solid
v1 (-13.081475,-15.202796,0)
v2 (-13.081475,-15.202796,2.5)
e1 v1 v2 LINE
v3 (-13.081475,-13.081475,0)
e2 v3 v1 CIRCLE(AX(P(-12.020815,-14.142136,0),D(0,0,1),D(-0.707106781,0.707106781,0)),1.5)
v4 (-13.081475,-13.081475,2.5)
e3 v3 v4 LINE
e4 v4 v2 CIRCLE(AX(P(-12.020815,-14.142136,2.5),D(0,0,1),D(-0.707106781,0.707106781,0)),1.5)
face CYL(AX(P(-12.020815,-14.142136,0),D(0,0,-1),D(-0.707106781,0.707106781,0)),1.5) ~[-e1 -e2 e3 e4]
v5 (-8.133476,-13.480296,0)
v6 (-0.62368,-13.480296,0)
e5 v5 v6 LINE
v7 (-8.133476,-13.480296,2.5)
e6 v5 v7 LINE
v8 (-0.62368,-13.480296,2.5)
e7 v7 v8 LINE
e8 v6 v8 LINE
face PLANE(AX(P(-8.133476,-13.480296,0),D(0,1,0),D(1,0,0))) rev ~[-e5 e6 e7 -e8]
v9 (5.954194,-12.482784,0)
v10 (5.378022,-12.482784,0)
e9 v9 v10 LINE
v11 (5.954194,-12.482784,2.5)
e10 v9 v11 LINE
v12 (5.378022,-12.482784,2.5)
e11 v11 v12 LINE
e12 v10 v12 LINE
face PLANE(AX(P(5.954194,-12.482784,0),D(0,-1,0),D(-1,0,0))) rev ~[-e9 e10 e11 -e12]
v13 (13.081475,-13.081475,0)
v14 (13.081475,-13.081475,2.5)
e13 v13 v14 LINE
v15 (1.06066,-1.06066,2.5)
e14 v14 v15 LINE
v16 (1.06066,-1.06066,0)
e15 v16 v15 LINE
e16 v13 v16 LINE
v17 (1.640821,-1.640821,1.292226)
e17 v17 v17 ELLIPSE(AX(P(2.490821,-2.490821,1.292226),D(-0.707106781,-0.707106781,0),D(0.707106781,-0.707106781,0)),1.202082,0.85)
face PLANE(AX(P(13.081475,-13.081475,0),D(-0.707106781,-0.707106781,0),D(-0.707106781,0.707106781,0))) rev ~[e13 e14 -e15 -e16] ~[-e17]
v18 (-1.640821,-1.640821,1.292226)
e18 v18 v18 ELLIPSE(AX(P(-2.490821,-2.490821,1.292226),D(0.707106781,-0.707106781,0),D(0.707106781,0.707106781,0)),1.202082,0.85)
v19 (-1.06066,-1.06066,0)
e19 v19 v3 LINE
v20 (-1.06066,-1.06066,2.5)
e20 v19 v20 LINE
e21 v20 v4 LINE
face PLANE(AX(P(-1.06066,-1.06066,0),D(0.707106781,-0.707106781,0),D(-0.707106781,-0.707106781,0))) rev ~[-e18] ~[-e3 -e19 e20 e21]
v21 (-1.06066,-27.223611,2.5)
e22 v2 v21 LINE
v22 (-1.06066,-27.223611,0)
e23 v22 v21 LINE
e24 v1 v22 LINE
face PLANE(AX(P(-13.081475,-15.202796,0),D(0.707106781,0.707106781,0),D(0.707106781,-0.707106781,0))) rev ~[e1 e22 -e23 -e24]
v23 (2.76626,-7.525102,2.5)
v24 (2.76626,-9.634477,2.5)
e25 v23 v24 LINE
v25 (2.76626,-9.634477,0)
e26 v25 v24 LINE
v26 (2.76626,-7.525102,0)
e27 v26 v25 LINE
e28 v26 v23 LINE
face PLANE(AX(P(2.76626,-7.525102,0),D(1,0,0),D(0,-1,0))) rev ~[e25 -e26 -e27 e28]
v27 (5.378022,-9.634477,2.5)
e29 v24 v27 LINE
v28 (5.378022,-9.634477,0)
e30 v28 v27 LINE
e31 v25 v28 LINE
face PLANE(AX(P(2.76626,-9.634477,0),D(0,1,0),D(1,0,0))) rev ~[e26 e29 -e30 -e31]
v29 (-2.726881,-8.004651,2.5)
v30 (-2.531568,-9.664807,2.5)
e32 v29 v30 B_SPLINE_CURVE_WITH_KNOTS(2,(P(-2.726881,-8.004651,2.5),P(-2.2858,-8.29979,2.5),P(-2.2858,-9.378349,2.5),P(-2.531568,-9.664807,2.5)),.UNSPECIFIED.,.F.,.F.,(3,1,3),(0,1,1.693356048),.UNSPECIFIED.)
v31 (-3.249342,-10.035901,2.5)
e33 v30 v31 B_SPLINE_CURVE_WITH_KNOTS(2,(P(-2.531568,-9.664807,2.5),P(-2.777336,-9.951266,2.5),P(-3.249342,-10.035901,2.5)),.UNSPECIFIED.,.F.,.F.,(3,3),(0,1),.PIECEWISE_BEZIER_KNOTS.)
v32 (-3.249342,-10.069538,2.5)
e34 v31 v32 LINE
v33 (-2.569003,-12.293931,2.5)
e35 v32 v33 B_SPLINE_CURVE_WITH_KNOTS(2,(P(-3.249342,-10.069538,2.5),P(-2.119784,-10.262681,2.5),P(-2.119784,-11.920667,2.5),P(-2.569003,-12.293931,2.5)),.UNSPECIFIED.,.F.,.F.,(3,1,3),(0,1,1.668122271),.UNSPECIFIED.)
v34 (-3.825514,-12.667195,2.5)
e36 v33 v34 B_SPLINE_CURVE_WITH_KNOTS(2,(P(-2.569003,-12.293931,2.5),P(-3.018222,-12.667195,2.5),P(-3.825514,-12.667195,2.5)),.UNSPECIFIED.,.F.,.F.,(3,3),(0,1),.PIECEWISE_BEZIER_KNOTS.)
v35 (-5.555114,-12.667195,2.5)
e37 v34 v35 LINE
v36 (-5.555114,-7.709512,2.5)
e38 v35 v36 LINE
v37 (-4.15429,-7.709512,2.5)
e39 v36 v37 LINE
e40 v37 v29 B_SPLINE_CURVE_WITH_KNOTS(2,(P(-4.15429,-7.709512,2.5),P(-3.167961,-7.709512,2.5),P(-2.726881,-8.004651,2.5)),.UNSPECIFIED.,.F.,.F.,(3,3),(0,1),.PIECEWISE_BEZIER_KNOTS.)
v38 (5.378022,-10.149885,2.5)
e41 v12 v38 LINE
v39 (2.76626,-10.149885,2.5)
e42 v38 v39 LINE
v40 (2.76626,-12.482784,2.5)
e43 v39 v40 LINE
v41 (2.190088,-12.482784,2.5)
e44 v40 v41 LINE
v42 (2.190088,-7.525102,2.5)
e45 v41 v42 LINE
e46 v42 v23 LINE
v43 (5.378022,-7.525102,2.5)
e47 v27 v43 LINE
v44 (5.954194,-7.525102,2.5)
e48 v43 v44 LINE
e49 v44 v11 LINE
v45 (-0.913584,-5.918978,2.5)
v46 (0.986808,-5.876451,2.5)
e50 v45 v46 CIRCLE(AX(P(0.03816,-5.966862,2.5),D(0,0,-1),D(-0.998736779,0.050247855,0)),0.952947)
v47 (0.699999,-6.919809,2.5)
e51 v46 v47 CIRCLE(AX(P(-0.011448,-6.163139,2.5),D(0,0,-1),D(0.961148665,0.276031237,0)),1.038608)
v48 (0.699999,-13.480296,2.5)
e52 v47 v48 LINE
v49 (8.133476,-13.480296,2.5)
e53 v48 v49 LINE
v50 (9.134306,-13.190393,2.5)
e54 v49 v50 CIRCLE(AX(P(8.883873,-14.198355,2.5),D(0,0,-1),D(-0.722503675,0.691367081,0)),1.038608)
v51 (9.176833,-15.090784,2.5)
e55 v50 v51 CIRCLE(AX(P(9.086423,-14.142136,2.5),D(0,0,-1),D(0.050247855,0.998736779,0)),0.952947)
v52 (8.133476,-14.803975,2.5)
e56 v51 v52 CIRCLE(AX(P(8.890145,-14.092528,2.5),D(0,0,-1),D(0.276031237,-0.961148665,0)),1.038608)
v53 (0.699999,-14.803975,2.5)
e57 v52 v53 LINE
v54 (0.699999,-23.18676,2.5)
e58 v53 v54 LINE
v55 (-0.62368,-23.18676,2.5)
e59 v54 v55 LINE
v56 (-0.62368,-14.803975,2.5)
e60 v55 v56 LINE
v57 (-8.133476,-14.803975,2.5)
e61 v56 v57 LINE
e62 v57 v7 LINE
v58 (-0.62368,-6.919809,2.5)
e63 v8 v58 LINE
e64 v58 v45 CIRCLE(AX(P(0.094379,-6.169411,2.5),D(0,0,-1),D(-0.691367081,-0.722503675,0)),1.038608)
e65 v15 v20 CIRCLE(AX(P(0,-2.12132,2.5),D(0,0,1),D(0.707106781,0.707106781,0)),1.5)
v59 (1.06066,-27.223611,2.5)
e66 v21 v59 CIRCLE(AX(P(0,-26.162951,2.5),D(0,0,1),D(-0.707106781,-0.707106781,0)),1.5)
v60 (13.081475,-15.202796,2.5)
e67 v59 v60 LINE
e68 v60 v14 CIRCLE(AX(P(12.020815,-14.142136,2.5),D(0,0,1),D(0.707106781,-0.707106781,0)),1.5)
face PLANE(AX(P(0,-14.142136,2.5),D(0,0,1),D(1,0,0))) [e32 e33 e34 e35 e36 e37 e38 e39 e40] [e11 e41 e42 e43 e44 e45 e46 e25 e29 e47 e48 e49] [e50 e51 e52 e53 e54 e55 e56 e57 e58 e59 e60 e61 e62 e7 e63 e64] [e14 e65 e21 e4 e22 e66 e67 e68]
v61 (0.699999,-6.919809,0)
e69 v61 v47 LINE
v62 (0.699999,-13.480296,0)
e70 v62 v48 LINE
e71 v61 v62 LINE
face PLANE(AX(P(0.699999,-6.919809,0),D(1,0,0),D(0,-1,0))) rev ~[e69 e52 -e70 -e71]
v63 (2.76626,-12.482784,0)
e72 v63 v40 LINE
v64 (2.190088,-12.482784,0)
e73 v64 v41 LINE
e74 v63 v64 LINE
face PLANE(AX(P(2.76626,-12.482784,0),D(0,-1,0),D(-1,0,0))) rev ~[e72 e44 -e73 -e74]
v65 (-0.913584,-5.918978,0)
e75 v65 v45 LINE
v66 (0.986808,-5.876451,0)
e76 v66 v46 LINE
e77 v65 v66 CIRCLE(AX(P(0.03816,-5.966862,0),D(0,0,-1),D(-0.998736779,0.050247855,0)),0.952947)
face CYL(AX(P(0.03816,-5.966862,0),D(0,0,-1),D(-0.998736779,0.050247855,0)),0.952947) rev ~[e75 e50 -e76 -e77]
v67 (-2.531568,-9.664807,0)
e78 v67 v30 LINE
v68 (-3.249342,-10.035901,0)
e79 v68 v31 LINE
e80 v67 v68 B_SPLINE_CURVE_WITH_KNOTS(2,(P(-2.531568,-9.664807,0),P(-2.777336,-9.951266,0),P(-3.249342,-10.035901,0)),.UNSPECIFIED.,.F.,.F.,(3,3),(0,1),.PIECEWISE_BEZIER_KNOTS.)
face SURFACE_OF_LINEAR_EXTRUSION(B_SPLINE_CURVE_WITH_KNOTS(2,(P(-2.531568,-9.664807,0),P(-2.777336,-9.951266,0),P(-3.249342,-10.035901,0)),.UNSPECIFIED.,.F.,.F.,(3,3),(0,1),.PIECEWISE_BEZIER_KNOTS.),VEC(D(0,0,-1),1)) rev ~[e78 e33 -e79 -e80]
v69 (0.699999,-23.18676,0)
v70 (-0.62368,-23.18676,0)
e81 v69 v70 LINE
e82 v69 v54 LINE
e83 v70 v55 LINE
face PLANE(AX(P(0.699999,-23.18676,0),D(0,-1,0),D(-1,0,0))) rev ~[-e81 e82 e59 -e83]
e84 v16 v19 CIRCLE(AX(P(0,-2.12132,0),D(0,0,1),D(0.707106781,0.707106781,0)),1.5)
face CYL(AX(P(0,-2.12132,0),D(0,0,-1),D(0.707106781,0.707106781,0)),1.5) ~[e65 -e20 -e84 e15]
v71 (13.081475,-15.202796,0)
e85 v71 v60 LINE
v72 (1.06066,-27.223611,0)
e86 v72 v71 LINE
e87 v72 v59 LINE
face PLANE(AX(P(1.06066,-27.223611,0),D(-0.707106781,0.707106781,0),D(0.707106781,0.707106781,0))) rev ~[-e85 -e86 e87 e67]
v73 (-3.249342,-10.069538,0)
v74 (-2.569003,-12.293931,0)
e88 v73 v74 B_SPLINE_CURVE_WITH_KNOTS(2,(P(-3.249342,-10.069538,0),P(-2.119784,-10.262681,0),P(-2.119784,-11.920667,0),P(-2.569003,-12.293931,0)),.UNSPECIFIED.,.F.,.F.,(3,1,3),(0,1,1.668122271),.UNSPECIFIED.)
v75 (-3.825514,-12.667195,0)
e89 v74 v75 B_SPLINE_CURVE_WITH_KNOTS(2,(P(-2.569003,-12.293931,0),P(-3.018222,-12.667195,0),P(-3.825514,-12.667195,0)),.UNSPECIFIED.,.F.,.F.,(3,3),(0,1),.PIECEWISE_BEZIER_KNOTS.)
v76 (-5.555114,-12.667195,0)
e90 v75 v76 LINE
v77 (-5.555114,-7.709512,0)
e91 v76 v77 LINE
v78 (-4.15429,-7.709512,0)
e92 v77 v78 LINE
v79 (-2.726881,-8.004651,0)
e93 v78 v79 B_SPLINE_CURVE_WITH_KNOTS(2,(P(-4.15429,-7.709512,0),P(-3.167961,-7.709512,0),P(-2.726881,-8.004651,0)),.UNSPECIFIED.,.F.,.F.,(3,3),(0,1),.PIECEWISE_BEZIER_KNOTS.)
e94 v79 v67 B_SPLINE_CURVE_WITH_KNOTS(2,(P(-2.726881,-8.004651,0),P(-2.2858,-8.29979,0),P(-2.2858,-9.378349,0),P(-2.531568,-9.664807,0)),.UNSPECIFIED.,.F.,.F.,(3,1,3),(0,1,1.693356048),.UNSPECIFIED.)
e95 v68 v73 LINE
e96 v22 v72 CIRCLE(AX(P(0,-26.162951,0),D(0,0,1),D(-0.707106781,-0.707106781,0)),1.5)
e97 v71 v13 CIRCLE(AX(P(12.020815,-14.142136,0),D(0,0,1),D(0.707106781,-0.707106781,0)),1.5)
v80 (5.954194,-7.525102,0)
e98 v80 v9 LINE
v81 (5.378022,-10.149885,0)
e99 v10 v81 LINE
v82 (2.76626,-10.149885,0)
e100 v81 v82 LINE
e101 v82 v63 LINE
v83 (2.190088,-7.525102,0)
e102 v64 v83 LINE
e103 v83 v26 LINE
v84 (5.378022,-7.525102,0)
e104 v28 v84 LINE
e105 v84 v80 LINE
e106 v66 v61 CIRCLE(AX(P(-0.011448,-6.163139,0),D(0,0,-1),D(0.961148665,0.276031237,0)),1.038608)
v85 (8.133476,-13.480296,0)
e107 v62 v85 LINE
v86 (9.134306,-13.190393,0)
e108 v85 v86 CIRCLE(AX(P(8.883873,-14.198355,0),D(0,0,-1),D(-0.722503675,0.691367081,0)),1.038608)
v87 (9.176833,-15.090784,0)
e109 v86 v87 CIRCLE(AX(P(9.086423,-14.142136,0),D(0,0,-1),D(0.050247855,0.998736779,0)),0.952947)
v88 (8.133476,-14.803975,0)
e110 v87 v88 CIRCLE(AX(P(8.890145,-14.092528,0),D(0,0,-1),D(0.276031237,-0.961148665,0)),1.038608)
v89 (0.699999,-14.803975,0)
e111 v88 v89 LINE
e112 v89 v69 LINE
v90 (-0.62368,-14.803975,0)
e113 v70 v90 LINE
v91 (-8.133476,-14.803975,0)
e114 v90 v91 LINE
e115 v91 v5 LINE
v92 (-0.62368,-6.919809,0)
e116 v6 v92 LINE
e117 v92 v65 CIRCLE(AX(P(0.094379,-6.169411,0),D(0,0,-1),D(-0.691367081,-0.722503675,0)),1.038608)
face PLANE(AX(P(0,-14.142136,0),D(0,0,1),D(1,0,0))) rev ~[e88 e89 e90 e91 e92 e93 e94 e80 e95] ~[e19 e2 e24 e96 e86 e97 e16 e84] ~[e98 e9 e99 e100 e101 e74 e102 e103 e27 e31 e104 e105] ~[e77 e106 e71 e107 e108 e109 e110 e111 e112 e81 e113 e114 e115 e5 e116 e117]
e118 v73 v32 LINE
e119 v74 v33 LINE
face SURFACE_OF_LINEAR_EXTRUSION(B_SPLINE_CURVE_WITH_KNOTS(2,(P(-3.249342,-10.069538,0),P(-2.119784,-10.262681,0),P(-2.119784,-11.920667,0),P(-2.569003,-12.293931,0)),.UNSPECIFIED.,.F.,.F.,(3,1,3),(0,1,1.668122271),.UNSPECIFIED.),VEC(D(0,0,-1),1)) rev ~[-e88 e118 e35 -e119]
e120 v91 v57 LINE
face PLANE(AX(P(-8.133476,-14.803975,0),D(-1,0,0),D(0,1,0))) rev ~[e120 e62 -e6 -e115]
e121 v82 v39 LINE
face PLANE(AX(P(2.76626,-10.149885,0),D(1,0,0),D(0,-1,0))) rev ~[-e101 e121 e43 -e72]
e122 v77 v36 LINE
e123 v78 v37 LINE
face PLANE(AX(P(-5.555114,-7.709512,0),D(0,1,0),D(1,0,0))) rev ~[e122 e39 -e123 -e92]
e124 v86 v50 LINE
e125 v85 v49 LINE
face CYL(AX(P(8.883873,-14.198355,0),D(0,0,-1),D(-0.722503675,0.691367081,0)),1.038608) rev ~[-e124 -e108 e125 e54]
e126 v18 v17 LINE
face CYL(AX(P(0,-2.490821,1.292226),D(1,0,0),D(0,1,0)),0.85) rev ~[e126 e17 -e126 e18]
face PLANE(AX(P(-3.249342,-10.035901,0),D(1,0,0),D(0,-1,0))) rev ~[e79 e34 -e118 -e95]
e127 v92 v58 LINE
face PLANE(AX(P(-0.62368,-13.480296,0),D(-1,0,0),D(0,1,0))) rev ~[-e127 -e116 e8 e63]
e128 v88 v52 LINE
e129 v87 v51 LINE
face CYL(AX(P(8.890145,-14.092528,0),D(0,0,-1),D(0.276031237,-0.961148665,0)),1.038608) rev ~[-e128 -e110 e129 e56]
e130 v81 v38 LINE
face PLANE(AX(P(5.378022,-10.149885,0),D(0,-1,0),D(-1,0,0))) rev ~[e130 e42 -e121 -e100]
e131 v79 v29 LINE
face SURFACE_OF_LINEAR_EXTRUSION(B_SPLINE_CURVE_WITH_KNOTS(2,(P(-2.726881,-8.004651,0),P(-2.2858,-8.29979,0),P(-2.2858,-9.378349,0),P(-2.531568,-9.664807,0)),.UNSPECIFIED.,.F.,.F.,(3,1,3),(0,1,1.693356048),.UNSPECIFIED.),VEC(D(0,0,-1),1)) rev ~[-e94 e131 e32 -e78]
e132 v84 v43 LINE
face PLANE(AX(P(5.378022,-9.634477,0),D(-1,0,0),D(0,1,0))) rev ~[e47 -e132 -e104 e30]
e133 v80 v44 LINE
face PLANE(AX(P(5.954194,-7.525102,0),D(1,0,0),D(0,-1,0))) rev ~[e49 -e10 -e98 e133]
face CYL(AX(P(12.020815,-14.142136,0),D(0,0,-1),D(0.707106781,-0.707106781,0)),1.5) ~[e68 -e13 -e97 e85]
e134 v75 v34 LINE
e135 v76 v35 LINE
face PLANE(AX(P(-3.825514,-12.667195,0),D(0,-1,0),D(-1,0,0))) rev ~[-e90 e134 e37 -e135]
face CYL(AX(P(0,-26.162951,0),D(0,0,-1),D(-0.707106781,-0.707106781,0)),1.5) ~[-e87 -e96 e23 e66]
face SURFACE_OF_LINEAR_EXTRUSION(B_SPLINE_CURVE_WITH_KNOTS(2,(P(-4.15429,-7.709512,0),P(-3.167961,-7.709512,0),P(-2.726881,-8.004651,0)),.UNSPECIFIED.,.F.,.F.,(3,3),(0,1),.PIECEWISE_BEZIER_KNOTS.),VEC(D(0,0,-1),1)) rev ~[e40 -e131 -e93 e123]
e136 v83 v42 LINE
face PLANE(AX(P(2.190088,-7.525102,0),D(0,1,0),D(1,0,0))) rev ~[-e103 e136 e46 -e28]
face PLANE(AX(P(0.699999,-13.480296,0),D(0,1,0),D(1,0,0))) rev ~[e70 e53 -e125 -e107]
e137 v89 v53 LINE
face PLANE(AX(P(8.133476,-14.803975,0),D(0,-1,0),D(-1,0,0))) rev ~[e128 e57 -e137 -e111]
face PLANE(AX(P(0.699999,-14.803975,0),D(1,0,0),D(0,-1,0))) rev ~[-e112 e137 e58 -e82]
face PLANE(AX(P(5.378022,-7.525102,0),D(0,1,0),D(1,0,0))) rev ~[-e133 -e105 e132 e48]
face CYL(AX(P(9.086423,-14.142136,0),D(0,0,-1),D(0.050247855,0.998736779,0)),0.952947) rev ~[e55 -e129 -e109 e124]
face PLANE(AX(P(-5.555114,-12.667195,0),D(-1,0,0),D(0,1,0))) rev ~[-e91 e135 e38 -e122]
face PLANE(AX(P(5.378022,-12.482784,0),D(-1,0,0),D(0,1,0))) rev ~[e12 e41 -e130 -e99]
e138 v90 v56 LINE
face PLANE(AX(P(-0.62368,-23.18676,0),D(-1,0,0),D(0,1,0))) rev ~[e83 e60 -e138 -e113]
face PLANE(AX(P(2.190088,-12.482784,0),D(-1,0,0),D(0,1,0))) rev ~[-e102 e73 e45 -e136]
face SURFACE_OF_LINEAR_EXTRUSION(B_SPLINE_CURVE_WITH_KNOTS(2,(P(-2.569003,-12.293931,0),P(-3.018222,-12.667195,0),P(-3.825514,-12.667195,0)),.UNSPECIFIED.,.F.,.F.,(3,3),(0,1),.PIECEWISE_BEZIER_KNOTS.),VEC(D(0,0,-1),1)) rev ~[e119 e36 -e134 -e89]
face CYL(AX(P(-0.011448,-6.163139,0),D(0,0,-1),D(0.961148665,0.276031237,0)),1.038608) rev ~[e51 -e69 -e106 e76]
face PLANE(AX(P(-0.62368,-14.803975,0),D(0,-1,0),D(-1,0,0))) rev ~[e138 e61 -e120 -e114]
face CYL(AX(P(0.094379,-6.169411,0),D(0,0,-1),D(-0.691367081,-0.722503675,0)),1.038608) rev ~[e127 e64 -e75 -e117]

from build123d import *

# Parameters (mm, degrees)
F1_DEPTH = 2.5
F2_R     = 0.85
F3_DEPTH = 12.5


with BuildPart() as f1:
    # F0 (on Top) → F1 (new body)
    with BuildSketch(Plane.XY):
        with BuildLine():
            Line((13.081475452, -13.081475452), (1.0606601718, -1.0606601718))
            ThreePointArc((1.0606601718, -1.0606601718), (0, -0.6213203436), (-1.0606601718, -1.0606601718))
            Line((-1.0606601718, -1.0606601718), (-13.081475452, -13.081475452))
            ThreePointArc((-13.081475452, -13.081475452), (-13.5208152802, -14.1421356237), (-13.081475452, -15.2027957955))
            Line((-13.081475452, -15.2027957955), (-1.0606601718, -27.2236110757))
            ThreePointArc((-1.0606601718, -27.2236110757), (0, -27.6629509039), (1.0606601718, -27.2236110757))
            Line((1.0606601718, -27.2236110757), (13.081475452, -15.2027957955))
            ThreePointArc((13.081475452, -15.2027957955), (13.5208152802, -14.1421356237), (13.081475452, -13.081475452))
        make_face()
        with BuildLine():
            Line((-5.5551142142, -12.6671945862), (-5.5551142142, -7.7095122946))
            Line((-5.5551142142, -7.7095122946), (-4.1542895614, -7.7095122946))
            add(Edge.make_bspline(
                [(-4.1542895614, -7.7095122946), (-3.1679614364, -7.7095122946), (-2.7268807073, -8.0046511835)],
                knots=[0, 0, 0, 1, 1, 1], degree=2))
            add(Edge.make_bspline(
                [(-2.7268807073, -8.0046511835), (-2.2857999781, -8.2997900724), (-2.2857999781, -8.9367258362)],
                knots=[0, 0, 0, 1, 1, 1], degree=2))
            add(Edge.make_bspline(
                [(-2.2857999781, -8.9367258362), (-2.2857999781, -9.3783491001), (-2.5315682073, -9.6648074335)],
                knots=[0, 0, 0, 1, 1, 1], degree=2))
            add(Edge.make_bspline(
                [(-2.5315682073, -9.6648074335), (-2.7773364364, -9.9512657668), (-3.2493416448, -10.0359011835)],
                knots=[0, 0, 0, 1, 1, 1], degree=2))
            Line((-3.2493416448, -10.0359011835), (-3.2493416448, -10.0695383362))
            add(Edge.make_bspline(
                [(-3.2493416448, -10.0695383362), (-2.1197843531, -10.2626806974), (-2.1197843531, -11.2566043085)],
                knots=[0, 0, 0, 1, 1, 1], degree=2))
            add(Edge.make_bspline(
                [(-2.1197843531, -11.2566043085), (-2.1197843531, -11.9206668085), (-2.5690031031, -12.2939306974)],
                knots=[0, 0, 0, 1, 1, 1], degree=2))
            add(Edge.make_bspline(
                [(-2.5690031031, -12.2939306974), (-3.0182218531, -12.6671945862), (-3.8255135198, -12.6671945862)],
                knots=[0, 0, 0, 1, 1, 1], degree=2))
            Line((-3.8255135198, -12.6671945862), (-5.5551142142, -12.6671945862))
        make_face(mode=Mode.SUBTRACT)
        with BuildLine():
            Line((-8.1334756687, -14.8039748892), (-8.1334756687, -13.4802963582))
            Line((-8.1334756687, -13.4802963582), (-0.6236797201, -13.4802963582))
            Line((-0.6236797201, -13.4802963582), (-0.6236797201, -6.9198086858))
            ThreePointArc((-0.6236797201, -6.9198086858), (-0.9032194318, -6.4583786209), (-0.9135835525, -5.9189782686))
            ThreePointArc((-0.9135835525, -5.9189782686), (0.0168397474, -5.0141534426), (0.9868078824, -5.876451129))
            ThreePointArc((0.9868078824, -5.876451129), (0.9900106564, -6.4384308628), (0.6999988109, -6.9198086858))
            Line((0.6999988109, -6.9198086858), (0.6999988109, -13.4802963582))
            Line((0.6999988109, -13.4802963582), (8.1334756687, -13.4802963582))
            ThreePointArc((8.1334756687, -13.4802963582), (8.5949057336, -13.2007566465), (9.134306086, -13.1903925258))
            ThreePointArc((9.134306086, -13.1903925258), (10.0391309119, -14.1208158258), (9.1768332255, -15.0907839607))
            ThreePointArc((9.1768332255, -15.0907839607), (8.6148534917, -15.0939867347), (8.1334756687, -14.8039748892))
            Line((8.1334756687, -14.8039748892), (0.6999988109, -14.8039748892))
            Line((0.6999988109, -14.8039748892), (0.6999988109, -23.1867600232))
            Line((0.6999988109, -23.1867600232), (-0.6236797201, -23.1867600232))
            Line((-0.6236797201, -23.1867600232), (-0.6236797201, -14.8039748892))
            Line((-0.6236797201, -14.8039748892), (-8.1334756687, -14.8039748892))
        make_face(mode=Mode.SUBTRACT)
        Polygon((5.9541938537, -7.5251016937), (5.9541938537, -12.4827839853), (5.3780219787, -12.4827839853), (5.3780219787, -10.1498846798), (2.7662598259, -10.1498846798), (2.7662598259, -12.4827839853), (2.1900879509, -12.4827839853), (2.1900879509, -7.5251016937), (2.7662598259, -7.5251016937), (2.7662598259, -9.6344766937), (5.3780219787, -9.6344766937), (5.3780219787, -7.5251016937), align=None, mode=Mode.SUBTRACT)
    extrude(amount=F1_DEPTH)

    # F2 (on Right) → F3 (cut, symmetric)
    with BuildSketch(Plane.YZ):
        with Locations((-2.4908210296, 1.292226194)):
            Circle(F2_R)
    extrude(amount=F3_DEPTH, both=True, mode=Mode.SUBTRACT)


solid = f1.part
